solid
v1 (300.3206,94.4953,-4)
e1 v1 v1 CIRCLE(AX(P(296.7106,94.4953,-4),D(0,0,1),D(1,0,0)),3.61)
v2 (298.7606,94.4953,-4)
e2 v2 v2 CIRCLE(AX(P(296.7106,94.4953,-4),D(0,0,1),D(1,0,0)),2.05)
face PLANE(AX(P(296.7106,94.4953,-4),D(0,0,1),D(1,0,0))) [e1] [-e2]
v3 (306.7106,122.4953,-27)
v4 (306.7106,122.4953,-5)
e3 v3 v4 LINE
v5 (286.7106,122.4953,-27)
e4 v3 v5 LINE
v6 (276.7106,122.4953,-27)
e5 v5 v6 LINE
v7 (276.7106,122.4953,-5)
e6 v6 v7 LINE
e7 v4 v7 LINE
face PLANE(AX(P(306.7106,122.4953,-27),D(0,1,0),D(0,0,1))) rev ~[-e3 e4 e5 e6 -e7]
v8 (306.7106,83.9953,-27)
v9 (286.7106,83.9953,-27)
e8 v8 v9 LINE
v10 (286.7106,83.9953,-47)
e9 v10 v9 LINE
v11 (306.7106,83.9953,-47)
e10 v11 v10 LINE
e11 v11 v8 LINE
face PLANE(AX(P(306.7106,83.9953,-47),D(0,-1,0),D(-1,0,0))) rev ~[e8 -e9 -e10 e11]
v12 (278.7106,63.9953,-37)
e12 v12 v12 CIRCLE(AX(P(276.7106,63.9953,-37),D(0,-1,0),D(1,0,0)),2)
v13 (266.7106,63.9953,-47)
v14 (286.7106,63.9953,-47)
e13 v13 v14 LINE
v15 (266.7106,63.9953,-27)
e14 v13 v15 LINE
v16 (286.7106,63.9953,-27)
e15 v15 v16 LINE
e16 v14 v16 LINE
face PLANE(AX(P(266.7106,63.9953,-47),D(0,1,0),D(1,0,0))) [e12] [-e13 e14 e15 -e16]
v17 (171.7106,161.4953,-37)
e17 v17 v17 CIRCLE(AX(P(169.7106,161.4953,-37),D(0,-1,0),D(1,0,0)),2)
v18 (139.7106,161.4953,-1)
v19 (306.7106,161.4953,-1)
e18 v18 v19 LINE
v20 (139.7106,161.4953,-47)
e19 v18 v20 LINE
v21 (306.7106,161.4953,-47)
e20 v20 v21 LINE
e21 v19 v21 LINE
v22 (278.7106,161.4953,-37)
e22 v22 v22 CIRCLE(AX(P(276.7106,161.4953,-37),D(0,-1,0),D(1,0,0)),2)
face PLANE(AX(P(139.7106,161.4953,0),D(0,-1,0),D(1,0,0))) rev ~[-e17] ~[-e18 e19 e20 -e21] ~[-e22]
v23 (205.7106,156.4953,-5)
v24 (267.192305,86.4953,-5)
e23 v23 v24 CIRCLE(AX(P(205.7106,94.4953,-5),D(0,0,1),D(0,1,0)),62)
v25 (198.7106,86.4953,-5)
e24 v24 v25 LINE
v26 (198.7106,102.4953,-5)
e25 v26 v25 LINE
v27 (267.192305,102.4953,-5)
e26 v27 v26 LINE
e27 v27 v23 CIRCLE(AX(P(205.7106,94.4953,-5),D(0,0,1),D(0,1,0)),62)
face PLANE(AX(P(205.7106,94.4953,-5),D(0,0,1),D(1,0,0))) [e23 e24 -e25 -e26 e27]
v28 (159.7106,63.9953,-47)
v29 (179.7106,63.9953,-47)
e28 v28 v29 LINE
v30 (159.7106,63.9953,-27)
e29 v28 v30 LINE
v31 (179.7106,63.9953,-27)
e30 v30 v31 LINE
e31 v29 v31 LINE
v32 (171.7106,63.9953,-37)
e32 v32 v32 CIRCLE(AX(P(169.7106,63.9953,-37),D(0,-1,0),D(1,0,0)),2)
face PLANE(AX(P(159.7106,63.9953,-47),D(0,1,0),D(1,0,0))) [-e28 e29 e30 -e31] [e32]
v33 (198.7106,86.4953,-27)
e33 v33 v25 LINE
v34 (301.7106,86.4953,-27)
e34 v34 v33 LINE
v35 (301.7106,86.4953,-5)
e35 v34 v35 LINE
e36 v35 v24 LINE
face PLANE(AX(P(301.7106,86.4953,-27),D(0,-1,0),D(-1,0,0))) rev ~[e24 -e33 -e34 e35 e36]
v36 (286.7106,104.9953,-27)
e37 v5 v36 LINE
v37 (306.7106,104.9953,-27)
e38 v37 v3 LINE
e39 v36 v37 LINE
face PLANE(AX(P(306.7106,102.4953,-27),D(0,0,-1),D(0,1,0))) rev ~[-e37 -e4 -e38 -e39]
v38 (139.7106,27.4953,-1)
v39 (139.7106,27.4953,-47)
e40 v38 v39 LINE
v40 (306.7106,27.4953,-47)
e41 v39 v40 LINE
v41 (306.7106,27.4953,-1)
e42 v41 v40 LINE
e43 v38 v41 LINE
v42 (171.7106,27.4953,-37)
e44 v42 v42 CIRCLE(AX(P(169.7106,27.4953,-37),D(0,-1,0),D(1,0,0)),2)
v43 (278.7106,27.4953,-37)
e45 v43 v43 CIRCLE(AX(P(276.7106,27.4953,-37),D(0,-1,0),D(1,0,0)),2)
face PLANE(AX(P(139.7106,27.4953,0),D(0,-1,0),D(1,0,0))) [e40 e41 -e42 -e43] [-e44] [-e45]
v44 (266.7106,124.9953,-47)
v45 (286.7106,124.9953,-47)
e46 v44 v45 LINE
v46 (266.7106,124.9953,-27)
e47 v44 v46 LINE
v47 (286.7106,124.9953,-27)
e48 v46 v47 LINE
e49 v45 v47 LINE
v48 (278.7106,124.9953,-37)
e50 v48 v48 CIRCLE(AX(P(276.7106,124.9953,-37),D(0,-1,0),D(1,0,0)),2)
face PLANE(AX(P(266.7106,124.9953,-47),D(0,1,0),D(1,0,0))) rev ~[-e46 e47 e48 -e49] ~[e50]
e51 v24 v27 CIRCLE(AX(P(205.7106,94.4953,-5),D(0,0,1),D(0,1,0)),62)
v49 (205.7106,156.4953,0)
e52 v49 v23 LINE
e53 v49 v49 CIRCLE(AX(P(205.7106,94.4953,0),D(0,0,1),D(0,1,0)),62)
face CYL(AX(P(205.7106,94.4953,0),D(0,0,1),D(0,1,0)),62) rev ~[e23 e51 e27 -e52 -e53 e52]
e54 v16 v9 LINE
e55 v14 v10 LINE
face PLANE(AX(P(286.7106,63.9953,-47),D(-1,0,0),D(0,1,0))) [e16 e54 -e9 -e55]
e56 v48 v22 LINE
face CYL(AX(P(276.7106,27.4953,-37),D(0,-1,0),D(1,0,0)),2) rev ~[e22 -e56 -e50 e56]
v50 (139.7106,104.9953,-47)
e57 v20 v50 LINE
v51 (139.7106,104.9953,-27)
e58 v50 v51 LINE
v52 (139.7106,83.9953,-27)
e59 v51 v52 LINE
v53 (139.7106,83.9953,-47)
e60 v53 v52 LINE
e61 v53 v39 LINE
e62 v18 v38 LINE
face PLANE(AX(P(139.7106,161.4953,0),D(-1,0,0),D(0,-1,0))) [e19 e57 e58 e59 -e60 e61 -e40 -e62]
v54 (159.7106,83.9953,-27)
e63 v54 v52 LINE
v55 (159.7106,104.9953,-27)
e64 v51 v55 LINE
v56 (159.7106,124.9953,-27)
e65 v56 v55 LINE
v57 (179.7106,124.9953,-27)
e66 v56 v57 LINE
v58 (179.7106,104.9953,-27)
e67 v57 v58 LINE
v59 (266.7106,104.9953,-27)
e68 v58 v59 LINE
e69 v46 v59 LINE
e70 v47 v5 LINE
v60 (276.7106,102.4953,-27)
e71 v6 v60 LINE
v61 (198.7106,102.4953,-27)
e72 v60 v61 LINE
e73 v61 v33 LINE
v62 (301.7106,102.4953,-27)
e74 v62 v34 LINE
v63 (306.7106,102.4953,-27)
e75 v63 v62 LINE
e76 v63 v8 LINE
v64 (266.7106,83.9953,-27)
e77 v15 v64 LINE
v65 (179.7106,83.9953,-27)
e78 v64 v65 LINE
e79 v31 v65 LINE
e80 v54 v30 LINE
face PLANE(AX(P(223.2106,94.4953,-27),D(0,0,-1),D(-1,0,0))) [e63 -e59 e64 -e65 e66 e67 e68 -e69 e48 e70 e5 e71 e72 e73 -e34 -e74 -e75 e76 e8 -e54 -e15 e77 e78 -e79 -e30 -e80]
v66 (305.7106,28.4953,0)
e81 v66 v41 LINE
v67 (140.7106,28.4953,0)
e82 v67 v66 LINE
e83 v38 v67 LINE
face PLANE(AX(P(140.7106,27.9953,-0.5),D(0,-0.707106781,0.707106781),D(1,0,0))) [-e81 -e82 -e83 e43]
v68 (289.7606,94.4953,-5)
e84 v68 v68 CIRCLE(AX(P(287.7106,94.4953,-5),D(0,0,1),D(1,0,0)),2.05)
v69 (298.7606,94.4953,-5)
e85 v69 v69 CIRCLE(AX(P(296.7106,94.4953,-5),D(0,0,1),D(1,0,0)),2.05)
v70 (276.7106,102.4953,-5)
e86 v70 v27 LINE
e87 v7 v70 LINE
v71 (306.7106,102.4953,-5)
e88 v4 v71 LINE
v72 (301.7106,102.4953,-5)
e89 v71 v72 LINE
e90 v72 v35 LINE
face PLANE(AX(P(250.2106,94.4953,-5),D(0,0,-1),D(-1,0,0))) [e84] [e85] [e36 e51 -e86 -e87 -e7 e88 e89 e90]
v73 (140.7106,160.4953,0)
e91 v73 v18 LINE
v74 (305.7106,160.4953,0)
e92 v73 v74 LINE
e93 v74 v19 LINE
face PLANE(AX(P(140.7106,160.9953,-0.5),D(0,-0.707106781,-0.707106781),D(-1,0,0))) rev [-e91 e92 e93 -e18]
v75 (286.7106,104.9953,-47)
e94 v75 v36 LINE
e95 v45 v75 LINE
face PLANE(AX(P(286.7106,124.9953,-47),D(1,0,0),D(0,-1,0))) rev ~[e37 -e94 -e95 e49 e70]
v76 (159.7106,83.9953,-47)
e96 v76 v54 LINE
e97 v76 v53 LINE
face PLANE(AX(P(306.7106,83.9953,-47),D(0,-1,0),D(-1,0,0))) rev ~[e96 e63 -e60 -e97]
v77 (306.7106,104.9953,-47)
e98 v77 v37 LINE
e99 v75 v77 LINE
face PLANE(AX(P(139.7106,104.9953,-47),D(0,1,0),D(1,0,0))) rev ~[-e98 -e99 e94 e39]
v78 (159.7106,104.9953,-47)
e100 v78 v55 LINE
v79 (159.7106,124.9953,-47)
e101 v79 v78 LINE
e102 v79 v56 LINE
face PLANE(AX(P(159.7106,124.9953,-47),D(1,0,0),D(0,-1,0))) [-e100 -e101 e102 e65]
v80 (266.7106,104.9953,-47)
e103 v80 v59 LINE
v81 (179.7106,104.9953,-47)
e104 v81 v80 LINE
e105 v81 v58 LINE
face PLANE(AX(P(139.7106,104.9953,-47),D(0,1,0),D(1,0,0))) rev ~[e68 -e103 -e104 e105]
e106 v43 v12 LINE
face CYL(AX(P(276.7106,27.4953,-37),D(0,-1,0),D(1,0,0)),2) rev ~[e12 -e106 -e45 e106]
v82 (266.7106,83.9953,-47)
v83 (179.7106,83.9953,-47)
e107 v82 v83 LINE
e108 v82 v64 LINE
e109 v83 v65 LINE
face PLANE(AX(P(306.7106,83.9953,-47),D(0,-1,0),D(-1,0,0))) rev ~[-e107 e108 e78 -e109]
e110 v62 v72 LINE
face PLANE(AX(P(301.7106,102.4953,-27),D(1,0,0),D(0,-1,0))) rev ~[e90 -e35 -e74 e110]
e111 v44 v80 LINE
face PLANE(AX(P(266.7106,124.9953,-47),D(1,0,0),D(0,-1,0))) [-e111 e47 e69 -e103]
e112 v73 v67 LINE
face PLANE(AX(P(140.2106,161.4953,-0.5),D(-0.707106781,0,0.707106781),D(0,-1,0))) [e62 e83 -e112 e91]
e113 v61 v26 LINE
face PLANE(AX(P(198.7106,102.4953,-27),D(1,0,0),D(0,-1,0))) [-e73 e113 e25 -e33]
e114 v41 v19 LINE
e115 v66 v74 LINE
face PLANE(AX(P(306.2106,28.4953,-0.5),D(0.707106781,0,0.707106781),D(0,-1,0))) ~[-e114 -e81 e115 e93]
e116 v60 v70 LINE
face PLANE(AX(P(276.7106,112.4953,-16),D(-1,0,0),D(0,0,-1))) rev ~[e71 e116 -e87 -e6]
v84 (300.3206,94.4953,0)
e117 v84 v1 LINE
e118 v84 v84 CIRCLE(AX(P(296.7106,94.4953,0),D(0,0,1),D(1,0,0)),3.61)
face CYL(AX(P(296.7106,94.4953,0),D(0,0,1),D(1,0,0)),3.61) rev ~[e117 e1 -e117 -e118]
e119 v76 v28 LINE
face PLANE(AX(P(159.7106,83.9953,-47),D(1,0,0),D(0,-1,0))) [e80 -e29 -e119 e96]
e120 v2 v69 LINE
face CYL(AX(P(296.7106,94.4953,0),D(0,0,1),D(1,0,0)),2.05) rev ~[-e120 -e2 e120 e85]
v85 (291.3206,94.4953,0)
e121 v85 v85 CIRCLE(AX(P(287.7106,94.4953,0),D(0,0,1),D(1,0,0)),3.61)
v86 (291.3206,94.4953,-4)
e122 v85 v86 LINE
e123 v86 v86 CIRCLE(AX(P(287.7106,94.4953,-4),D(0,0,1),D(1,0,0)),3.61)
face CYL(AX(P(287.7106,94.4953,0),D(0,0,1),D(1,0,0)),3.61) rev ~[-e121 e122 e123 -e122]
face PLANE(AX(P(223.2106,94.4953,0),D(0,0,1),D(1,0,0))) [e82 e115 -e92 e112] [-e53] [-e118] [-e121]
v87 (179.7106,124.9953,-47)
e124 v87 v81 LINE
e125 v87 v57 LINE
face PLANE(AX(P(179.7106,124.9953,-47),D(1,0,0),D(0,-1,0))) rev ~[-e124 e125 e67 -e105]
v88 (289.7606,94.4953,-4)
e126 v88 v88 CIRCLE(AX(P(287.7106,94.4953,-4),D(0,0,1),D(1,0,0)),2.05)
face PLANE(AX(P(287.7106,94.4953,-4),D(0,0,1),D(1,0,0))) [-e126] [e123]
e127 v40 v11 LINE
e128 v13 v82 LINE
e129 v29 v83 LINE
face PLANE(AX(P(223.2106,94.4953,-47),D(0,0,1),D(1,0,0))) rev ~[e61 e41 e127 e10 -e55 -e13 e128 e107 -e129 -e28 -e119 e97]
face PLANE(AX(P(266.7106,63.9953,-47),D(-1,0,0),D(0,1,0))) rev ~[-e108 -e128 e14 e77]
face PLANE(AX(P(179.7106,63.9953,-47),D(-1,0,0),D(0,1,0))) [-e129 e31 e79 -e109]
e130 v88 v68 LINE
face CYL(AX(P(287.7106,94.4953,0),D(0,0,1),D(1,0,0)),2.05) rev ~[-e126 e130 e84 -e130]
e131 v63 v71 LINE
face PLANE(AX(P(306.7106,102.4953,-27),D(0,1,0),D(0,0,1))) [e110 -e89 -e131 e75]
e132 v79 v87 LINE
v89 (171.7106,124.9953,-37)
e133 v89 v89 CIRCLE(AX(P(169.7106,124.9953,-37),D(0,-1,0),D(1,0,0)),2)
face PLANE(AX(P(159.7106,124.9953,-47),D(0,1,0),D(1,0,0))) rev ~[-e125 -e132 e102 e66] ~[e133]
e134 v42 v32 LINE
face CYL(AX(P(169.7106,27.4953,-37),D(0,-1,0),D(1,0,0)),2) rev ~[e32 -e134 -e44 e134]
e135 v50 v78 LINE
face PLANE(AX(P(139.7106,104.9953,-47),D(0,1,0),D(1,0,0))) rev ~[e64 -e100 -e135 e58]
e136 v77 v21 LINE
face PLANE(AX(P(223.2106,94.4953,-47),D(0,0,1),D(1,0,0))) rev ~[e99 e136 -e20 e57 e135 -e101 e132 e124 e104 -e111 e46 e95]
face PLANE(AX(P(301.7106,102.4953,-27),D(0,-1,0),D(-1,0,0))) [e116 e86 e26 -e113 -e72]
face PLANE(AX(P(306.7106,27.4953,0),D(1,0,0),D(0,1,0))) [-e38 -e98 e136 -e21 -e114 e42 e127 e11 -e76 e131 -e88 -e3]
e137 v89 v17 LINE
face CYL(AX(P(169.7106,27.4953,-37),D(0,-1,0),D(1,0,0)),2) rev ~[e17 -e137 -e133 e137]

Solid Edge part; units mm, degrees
sketch "Sketch1" plane through (0, 0, 0) normal (0, 0, 1) x (1, 0, 0)
  line L0 (139.7106, 161.4953) -> (139.7106, 27.4953)
  line L1 (139.7106, 27.4953) -> (306.7106, 27.4953)
  line L2 (306.7106, 27.4953) -> (306.7106, 161.4953)
  line L3 (139.7106, 161.4953) -> (306.7106, 161.4953)
  dimension "D1" = 134
  dimension "D2" = 167
  dimension "D3" = 134
extrude "Protrusion1" add sketch "Sketch1" against normal blind 47
sketch "Sketch2" plane through (223.2106, 94.4953, -47) normal (0, 0, -1) x (1, 0, 0)
  line L0 (83.5, 0) -> (83.5, 10.5)
  line L1 (83.5, 10.5) -> (-83.5, 10.5)
  line L2 (-83.5, 10.5) -> (-83.5, 0)
  line L3 (-83.5, 0) -> (-83.5, -10.5)
  line L4 (-83.5, -10.5) -> (83.5, -10.5)
  line L5 (83.5, 0) -> (83.5, -10.5)
  dimension "D1" = 10.5
  dimension "D2" = 10.5
  dimension "D3" = 10.5
extrude "ExtrudedCutout_1" cut sketch "Sketch2" against normal blind 20
sketch "Sketch3" plane through (223.2106, 94.4953, 0) normal (0, 0, 1) x (1, 0, 0)
  circle A0 centre (73.5, 0) radius 2.05
  circle A1 centre (64.5, 0) radius 2.05
  circle A2 centre (-17.5, 0) radius 2.05
  dimension "D1" = 4.1
  dimension "D2" = 4.1
  dimension "D3" = 10
  dimension "D4" = 9
  dimension "D5" = 4.1
  dimension "D6" = 82
extrude "Cutout1" cut sketch "Sketch3" against normal through all
sketch "Sketch4" plane through (223.2106, 94.4953, -27) normal (0, 0, -1) x (-1, 0, 0)
  line L0 (-78.5, 8) -> (-78.5, -8)
  line L1 (-78.5, -8) -> (24.5, -8)
  line L2 (24.5, 8) -> (24.5, -8)
  line L3 (-78.5, 8) -> (24.5, 8)
  dimension "D1" = 5
  dimension "D2" = 2.5
  dimension "D3" = 2.5
  dimension "D4" = 103
  dimension "D5" = 16
extrude "ExtrudedCutout_3" cut sketch "Sketch4" against normal blind 22
sketch "Sketch5" plane through (223.2106, 94.4953, 0) normal (0, 0, 1) x (0, 1, 0)
  circle A0 centre (0, 17.5) radius 62
  dimension "D1" = 124
extrude "ExtrudedCutout_4" cut sketch "Sketch5" against normal blind 5
chamfer "Chamfer_1" distance 1 angle 45 1 edges at (139.7106, 94.4953, 0)
chamfer "Chamfer_2" distance 1 angle 45 1 edges at (223.7106, 27.4953, 0)
chamfer "Chamfer_3" distance 1 angle 45 1 edges at (306.7106, 94.9953, 0)
chamfer "Chamfer_4" distance 1 angle 45 1 edges at (223.2106, 161.4953, 0)
sketch "Sketch6" plane through (223.2106, 94.4953, 0) normal (0, 0, 1) x (1, 0, 0)
  circle A0 centre (64.5, 0) radius 3.61
  circle A1 centre (73.5, 0) radius 3.61
extrude "ExtrudedCutout_5" cut sketch "Sketch6" against normal blind 4
sketch "Sketch7" plane through (306.7106, 94.4953, -24) normal (1, 0, 0) x (0, 1, 0)
  line L0 (8, -3) -> (8, 19)
  line L1 (28, 19) -> (8, 19)
  line L2 (28, -3) -> (28, 19)
  line L3 (8, -3) -> (28, -3)
  dimension "D1" = 20
extrude "ExtrudedCutout_6" cut sketch "Sketch7" against normal blind 30
sketch "Sketch8" plane through (223.2106, 55.7453, -47) normal (0, 0, -1) x (1, 0, 0)
  line L0 (-63.5, -8.25) -> (-43.5, -8.25)
  line L1 (-43.5, -8.25) -> (-43.5, -28.25)
  line L2 (-43.5, -28.25) -> (-63.5, -28.25)
  line L3 (-63.5, -28.25) -> (-63.5, -8.25)
  line L4 (-63.5, -69.25) -> (-43.5, -69.25)
  line L5 (-43.5, -69.25) -> (-43.5, -49.25)
  line L6 (-43.5, -49.25) -> (-63.5, -49.25)
  line L7 (-63.5, -69.25) -> (-63.5, -49.25)
  dimension "D1" = 20
  dimension "D2" = 20
  dimension "D3" = 20
  dimension "D4" = 20
  dimension "D5" = 20
  dimension "D6" = 20
  dimension "D7" = 20
extrude "ExtrudedCutout_9" cut sketch "Sketch8" against normal blind 20
sketch "Sketch9" plane through (223.2106, 55.7453, -47) normal (0, 0, -1) x (1, 0, 0)
  line L0 (43.5, -8.25) -> (63.5, -8.25)
  line L1 (63.5, -8.25) -> (63.5, -28.25)
  line L2 (43.5, -28.25) -> (63.5, -28.25)
  line L3 (43.5, -8.25) -> (43.5, -28.25)
  line L4 (43.5, -69.25) -> (63.5, -69.25)
  line L5 (63.5, -69.25) -> (63.5, -49.25)
  line L6 (43.5, -49.25) -> (63.5, -49.25)
  line L7 (43.5, -69.25) -> (43.5, -49.25)
  dimension "D1" = 20
  dimension "D2" = 20
  dimension "D3" = 20
  dimension "D4" = 20
  dimension "D5" = 20
  dimension "D6" = 20
extrude "ExtrudedCutout_10" cut sketch "Sketch9" against normal blind 20
sketch "Sketch10" plane through (223.2106, 27.4953, -24) normal (0, -1, 0) x (1, 0, 0)
  circle A0 centre (-53.5, -13) radius 2
extrude "Cutout2" cut sketch "Sketch10" against normal through all
sketch "Sketch11" plane through (223.2106, 27.4953, -24) normal (0, -1, 0) x (1, 0, 0)
  circle A0 centre (53.5, -13) radius 2
extrude "Cutout3" cut sketch "Sketch11" against normal through all
